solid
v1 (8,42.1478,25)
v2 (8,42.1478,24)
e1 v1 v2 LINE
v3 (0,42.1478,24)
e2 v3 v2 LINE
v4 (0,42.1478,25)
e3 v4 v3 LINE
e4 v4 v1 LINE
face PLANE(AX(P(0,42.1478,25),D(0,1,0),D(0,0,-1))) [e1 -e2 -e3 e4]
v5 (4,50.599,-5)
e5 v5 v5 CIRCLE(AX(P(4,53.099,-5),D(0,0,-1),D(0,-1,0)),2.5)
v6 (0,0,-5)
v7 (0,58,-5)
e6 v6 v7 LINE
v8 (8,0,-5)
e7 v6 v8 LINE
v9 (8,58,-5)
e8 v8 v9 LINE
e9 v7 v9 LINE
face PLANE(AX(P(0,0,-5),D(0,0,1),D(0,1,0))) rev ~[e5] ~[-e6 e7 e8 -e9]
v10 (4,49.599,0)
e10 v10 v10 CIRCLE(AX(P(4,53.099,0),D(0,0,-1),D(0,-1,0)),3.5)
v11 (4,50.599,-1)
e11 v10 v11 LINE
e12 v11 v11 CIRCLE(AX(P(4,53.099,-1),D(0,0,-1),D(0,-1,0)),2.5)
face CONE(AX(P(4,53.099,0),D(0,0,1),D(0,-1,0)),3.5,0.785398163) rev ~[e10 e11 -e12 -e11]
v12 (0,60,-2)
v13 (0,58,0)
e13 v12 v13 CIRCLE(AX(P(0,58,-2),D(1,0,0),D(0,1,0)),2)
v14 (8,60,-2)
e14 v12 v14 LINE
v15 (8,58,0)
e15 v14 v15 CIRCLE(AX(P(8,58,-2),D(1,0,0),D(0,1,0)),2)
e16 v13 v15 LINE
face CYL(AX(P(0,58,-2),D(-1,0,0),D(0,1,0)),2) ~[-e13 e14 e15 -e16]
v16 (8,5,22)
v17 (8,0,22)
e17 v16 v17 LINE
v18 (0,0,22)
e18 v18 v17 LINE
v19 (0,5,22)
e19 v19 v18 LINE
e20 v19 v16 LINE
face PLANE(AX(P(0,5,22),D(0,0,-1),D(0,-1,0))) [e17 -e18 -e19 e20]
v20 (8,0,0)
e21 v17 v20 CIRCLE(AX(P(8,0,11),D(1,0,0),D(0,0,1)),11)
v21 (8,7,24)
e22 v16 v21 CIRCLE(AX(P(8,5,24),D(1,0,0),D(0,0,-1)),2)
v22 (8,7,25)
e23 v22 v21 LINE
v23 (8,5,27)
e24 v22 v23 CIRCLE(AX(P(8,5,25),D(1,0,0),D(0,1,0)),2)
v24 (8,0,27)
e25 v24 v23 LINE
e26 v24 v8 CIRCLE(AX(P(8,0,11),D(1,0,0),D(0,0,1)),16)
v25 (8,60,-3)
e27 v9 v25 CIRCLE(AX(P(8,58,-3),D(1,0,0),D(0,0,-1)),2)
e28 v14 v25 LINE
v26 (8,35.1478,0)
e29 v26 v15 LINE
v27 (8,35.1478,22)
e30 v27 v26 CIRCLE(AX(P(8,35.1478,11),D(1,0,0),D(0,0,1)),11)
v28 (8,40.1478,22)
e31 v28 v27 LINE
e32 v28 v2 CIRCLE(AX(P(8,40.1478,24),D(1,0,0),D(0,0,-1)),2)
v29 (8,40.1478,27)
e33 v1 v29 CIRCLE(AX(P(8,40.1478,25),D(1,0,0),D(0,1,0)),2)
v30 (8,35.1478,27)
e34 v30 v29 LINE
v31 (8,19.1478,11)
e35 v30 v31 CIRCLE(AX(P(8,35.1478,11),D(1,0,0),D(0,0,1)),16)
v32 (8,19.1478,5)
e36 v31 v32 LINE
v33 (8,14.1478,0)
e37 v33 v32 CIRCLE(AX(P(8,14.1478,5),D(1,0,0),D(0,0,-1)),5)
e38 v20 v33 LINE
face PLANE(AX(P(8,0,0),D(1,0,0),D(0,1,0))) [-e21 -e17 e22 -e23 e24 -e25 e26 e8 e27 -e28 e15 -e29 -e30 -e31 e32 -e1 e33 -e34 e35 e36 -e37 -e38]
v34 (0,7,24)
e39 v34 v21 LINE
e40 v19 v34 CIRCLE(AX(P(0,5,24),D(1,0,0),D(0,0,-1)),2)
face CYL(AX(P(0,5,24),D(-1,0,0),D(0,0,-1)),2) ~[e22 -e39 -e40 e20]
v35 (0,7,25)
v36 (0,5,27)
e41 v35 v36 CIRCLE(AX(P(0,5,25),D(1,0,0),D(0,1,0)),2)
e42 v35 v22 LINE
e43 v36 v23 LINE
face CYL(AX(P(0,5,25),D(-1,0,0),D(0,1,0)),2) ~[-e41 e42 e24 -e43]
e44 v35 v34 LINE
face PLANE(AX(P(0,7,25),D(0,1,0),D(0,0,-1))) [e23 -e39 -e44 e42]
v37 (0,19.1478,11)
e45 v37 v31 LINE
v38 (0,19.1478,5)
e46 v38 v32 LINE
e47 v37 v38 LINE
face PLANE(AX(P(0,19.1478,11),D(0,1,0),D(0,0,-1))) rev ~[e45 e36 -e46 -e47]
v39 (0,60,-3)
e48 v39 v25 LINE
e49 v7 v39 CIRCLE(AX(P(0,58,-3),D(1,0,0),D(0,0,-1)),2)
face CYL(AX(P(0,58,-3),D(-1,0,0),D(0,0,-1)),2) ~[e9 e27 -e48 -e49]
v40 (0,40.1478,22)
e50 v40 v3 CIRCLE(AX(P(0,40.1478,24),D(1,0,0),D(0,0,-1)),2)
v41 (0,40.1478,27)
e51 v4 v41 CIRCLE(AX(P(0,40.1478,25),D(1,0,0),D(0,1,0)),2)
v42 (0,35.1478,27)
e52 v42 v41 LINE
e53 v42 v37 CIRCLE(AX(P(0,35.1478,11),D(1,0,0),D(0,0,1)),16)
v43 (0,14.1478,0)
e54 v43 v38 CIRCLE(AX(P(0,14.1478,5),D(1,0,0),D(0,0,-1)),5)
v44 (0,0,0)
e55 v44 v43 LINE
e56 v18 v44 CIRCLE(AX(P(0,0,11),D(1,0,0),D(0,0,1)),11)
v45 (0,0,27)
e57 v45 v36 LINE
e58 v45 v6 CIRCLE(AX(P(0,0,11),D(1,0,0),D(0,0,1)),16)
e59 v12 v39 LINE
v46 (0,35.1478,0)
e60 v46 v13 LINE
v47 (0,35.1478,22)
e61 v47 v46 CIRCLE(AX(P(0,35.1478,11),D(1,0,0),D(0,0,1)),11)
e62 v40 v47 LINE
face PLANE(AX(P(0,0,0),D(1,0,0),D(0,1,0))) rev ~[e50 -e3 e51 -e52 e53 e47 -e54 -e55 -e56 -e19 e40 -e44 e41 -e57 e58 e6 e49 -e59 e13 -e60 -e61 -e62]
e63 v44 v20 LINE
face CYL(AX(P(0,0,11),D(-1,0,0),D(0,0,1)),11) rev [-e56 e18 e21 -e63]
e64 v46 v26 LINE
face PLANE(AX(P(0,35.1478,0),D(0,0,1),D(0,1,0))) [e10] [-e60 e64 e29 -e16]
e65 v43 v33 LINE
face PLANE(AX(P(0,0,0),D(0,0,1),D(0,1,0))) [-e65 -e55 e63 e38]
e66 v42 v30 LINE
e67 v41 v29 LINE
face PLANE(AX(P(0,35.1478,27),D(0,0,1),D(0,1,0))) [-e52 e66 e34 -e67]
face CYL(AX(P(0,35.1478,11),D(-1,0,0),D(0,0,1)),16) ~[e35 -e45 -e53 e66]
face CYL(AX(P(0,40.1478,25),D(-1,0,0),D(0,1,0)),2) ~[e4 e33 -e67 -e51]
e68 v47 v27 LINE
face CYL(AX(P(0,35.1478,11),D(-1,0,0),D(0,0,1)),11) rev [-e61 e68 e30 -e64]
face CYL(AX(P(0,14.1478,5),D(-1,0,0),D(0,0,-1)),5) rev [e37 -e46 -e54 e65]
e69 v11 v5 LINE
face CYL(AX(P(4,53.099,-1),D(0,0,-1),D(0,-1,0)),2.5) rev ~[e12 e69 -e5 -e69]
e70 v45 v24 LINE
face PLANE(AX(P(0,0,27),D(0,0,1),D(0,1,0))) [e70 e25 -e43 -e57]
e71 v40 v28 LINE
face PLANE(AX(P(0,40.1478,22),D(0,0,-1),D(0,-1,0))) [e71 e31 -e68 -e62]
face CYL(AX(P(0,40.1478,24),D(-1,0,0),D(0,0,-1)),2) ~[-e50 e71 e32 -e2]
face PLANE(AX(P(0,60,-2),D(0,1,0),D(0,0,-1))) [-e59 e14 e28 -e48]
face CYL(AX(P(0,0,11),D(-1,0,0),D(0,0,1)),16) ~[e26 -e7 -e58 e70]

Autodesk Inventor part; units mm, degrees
ref_plane "YZ Plane" through (0, 0, 0) normal (1, 0, 0) x (0, 1, 0)
ref_plane "XZ Plane" through (0, 0, 0) normal (0, 1, 0) x (-1, 0, 0)
ref_plane "XY Plane" through (0, 0, 0) normal (0, 0, 1) x (1, 0, 0)
sketch "Sketch1" plane through (0, 0, 0) normal (1, 0, 0) x (0, 1, 0)
  arc A0 (0, 22) -> (0, 0) centre (0, 11) ccw
  line L0 (-11, 11) -> (24, 11) construction
  arc A1 (35.1478, 22) -> (35.1478, 0) centre (35.1478, 11) ccw
  arc A2 (0, 27) -> (0, -5) centre (0, 11) ccw
  line L1 (0, -5) -> (58, -5)
  arc A3 (35.1478, 5022) -> (35.1478, -5000) centre (35.1478, 11) ccw
  arc A4 (35.1478, 27) -> (19.1478, 11) centre (35.1478, 11) ccw
  line L2 (0, 0) -> (14.1478, 0)
  line L3 (35.1478, 0) -> (58, 0)
  line L4 (35.1478, 27) -> (40.1478, 27)
  line L5 (42.1478, 25) -> (42.1478, 24)
  line L6 (40.1478, 22) -> (35.1478, 22)
  line L7 (0, 27) -> (5, 27)
  line L8 (7, 25) -> (7, 24)
  line L9 (5, 22) -> (0, 22)
  line L10 (60, -2) -> (60, -3)
  arc A5 (40.1478, 22) -> (42.1478, 24) centre (40.1478, 24) ccw
  arc A6 (42.1478, 25) -> (40.1478, 27) centre (40.1478, 25) ccw
  arc A7 (60, -2) -> (58, 0) centre (58, -2) ccw
  arc A8 (58, -5) -> (60, -3) centre (58, -3) ccw
  arc A9 (5, 22) -> (7, 24) centre (5, 24) ccw
  arc A10 (7, 25) -> (5, 27) centre (5, 25) ccw
  line L11 (19.1478, 11) -> (19.1478, 5)
  arc A11 (14.1478, 0) -> (19.1478, 5) centre (14.1478, 5) ccw
  point P0 (60, 0)
  point P1 (42.1478, 27)
  point P2 (42.1478, 22)
  point P3 (7, 27)
  dimension "d0" = 60
  dimension "d1" = 22
  dimension "d2" = 35
  dimension "d3" = 22
  dimension "d5" = 5
  dimension "d6" = 5000
  dimension "d7" = 5
  dimension "d8" = 7
  dimension "d9" = 5
  dimension "d10" = 7
  dimension "d11" = 2
  dimension "d12" = 5
extrude "Extrusion1" add sketch "Sketch1" along normal blind 8
ref_plane "Work Plane1" through (2, 58, 0) normal (0, 0, 1) x (1, 0, 0)
sketch "Sketch2" plane through (2, 58, 0) normal (0, 0, 1) x (1, 0, 0)
  line L0 (-2, 0) -> (6, 0) construction
  line L1 (-2, -22.8522) -> (6, -22.8522) construction
  line L2 (0, 0) -> (4, 0) construction
  line L3 (2, 0) -> (2, -9.8019) construction
  line L4 (-2, 0) -> (-2, -22.8522) projected
  line L5 (6, 0) -> (6, -22.8522) projected
  point P0 (-2, -58)
  point P1 (2, -4.901)
hole "Hole1" at (4, 53.099, 0) direction (0, 0, -1) diameter 5 end through all countersink diameter 7 countersink angle 90
properties part number "double_rounded_slim"
